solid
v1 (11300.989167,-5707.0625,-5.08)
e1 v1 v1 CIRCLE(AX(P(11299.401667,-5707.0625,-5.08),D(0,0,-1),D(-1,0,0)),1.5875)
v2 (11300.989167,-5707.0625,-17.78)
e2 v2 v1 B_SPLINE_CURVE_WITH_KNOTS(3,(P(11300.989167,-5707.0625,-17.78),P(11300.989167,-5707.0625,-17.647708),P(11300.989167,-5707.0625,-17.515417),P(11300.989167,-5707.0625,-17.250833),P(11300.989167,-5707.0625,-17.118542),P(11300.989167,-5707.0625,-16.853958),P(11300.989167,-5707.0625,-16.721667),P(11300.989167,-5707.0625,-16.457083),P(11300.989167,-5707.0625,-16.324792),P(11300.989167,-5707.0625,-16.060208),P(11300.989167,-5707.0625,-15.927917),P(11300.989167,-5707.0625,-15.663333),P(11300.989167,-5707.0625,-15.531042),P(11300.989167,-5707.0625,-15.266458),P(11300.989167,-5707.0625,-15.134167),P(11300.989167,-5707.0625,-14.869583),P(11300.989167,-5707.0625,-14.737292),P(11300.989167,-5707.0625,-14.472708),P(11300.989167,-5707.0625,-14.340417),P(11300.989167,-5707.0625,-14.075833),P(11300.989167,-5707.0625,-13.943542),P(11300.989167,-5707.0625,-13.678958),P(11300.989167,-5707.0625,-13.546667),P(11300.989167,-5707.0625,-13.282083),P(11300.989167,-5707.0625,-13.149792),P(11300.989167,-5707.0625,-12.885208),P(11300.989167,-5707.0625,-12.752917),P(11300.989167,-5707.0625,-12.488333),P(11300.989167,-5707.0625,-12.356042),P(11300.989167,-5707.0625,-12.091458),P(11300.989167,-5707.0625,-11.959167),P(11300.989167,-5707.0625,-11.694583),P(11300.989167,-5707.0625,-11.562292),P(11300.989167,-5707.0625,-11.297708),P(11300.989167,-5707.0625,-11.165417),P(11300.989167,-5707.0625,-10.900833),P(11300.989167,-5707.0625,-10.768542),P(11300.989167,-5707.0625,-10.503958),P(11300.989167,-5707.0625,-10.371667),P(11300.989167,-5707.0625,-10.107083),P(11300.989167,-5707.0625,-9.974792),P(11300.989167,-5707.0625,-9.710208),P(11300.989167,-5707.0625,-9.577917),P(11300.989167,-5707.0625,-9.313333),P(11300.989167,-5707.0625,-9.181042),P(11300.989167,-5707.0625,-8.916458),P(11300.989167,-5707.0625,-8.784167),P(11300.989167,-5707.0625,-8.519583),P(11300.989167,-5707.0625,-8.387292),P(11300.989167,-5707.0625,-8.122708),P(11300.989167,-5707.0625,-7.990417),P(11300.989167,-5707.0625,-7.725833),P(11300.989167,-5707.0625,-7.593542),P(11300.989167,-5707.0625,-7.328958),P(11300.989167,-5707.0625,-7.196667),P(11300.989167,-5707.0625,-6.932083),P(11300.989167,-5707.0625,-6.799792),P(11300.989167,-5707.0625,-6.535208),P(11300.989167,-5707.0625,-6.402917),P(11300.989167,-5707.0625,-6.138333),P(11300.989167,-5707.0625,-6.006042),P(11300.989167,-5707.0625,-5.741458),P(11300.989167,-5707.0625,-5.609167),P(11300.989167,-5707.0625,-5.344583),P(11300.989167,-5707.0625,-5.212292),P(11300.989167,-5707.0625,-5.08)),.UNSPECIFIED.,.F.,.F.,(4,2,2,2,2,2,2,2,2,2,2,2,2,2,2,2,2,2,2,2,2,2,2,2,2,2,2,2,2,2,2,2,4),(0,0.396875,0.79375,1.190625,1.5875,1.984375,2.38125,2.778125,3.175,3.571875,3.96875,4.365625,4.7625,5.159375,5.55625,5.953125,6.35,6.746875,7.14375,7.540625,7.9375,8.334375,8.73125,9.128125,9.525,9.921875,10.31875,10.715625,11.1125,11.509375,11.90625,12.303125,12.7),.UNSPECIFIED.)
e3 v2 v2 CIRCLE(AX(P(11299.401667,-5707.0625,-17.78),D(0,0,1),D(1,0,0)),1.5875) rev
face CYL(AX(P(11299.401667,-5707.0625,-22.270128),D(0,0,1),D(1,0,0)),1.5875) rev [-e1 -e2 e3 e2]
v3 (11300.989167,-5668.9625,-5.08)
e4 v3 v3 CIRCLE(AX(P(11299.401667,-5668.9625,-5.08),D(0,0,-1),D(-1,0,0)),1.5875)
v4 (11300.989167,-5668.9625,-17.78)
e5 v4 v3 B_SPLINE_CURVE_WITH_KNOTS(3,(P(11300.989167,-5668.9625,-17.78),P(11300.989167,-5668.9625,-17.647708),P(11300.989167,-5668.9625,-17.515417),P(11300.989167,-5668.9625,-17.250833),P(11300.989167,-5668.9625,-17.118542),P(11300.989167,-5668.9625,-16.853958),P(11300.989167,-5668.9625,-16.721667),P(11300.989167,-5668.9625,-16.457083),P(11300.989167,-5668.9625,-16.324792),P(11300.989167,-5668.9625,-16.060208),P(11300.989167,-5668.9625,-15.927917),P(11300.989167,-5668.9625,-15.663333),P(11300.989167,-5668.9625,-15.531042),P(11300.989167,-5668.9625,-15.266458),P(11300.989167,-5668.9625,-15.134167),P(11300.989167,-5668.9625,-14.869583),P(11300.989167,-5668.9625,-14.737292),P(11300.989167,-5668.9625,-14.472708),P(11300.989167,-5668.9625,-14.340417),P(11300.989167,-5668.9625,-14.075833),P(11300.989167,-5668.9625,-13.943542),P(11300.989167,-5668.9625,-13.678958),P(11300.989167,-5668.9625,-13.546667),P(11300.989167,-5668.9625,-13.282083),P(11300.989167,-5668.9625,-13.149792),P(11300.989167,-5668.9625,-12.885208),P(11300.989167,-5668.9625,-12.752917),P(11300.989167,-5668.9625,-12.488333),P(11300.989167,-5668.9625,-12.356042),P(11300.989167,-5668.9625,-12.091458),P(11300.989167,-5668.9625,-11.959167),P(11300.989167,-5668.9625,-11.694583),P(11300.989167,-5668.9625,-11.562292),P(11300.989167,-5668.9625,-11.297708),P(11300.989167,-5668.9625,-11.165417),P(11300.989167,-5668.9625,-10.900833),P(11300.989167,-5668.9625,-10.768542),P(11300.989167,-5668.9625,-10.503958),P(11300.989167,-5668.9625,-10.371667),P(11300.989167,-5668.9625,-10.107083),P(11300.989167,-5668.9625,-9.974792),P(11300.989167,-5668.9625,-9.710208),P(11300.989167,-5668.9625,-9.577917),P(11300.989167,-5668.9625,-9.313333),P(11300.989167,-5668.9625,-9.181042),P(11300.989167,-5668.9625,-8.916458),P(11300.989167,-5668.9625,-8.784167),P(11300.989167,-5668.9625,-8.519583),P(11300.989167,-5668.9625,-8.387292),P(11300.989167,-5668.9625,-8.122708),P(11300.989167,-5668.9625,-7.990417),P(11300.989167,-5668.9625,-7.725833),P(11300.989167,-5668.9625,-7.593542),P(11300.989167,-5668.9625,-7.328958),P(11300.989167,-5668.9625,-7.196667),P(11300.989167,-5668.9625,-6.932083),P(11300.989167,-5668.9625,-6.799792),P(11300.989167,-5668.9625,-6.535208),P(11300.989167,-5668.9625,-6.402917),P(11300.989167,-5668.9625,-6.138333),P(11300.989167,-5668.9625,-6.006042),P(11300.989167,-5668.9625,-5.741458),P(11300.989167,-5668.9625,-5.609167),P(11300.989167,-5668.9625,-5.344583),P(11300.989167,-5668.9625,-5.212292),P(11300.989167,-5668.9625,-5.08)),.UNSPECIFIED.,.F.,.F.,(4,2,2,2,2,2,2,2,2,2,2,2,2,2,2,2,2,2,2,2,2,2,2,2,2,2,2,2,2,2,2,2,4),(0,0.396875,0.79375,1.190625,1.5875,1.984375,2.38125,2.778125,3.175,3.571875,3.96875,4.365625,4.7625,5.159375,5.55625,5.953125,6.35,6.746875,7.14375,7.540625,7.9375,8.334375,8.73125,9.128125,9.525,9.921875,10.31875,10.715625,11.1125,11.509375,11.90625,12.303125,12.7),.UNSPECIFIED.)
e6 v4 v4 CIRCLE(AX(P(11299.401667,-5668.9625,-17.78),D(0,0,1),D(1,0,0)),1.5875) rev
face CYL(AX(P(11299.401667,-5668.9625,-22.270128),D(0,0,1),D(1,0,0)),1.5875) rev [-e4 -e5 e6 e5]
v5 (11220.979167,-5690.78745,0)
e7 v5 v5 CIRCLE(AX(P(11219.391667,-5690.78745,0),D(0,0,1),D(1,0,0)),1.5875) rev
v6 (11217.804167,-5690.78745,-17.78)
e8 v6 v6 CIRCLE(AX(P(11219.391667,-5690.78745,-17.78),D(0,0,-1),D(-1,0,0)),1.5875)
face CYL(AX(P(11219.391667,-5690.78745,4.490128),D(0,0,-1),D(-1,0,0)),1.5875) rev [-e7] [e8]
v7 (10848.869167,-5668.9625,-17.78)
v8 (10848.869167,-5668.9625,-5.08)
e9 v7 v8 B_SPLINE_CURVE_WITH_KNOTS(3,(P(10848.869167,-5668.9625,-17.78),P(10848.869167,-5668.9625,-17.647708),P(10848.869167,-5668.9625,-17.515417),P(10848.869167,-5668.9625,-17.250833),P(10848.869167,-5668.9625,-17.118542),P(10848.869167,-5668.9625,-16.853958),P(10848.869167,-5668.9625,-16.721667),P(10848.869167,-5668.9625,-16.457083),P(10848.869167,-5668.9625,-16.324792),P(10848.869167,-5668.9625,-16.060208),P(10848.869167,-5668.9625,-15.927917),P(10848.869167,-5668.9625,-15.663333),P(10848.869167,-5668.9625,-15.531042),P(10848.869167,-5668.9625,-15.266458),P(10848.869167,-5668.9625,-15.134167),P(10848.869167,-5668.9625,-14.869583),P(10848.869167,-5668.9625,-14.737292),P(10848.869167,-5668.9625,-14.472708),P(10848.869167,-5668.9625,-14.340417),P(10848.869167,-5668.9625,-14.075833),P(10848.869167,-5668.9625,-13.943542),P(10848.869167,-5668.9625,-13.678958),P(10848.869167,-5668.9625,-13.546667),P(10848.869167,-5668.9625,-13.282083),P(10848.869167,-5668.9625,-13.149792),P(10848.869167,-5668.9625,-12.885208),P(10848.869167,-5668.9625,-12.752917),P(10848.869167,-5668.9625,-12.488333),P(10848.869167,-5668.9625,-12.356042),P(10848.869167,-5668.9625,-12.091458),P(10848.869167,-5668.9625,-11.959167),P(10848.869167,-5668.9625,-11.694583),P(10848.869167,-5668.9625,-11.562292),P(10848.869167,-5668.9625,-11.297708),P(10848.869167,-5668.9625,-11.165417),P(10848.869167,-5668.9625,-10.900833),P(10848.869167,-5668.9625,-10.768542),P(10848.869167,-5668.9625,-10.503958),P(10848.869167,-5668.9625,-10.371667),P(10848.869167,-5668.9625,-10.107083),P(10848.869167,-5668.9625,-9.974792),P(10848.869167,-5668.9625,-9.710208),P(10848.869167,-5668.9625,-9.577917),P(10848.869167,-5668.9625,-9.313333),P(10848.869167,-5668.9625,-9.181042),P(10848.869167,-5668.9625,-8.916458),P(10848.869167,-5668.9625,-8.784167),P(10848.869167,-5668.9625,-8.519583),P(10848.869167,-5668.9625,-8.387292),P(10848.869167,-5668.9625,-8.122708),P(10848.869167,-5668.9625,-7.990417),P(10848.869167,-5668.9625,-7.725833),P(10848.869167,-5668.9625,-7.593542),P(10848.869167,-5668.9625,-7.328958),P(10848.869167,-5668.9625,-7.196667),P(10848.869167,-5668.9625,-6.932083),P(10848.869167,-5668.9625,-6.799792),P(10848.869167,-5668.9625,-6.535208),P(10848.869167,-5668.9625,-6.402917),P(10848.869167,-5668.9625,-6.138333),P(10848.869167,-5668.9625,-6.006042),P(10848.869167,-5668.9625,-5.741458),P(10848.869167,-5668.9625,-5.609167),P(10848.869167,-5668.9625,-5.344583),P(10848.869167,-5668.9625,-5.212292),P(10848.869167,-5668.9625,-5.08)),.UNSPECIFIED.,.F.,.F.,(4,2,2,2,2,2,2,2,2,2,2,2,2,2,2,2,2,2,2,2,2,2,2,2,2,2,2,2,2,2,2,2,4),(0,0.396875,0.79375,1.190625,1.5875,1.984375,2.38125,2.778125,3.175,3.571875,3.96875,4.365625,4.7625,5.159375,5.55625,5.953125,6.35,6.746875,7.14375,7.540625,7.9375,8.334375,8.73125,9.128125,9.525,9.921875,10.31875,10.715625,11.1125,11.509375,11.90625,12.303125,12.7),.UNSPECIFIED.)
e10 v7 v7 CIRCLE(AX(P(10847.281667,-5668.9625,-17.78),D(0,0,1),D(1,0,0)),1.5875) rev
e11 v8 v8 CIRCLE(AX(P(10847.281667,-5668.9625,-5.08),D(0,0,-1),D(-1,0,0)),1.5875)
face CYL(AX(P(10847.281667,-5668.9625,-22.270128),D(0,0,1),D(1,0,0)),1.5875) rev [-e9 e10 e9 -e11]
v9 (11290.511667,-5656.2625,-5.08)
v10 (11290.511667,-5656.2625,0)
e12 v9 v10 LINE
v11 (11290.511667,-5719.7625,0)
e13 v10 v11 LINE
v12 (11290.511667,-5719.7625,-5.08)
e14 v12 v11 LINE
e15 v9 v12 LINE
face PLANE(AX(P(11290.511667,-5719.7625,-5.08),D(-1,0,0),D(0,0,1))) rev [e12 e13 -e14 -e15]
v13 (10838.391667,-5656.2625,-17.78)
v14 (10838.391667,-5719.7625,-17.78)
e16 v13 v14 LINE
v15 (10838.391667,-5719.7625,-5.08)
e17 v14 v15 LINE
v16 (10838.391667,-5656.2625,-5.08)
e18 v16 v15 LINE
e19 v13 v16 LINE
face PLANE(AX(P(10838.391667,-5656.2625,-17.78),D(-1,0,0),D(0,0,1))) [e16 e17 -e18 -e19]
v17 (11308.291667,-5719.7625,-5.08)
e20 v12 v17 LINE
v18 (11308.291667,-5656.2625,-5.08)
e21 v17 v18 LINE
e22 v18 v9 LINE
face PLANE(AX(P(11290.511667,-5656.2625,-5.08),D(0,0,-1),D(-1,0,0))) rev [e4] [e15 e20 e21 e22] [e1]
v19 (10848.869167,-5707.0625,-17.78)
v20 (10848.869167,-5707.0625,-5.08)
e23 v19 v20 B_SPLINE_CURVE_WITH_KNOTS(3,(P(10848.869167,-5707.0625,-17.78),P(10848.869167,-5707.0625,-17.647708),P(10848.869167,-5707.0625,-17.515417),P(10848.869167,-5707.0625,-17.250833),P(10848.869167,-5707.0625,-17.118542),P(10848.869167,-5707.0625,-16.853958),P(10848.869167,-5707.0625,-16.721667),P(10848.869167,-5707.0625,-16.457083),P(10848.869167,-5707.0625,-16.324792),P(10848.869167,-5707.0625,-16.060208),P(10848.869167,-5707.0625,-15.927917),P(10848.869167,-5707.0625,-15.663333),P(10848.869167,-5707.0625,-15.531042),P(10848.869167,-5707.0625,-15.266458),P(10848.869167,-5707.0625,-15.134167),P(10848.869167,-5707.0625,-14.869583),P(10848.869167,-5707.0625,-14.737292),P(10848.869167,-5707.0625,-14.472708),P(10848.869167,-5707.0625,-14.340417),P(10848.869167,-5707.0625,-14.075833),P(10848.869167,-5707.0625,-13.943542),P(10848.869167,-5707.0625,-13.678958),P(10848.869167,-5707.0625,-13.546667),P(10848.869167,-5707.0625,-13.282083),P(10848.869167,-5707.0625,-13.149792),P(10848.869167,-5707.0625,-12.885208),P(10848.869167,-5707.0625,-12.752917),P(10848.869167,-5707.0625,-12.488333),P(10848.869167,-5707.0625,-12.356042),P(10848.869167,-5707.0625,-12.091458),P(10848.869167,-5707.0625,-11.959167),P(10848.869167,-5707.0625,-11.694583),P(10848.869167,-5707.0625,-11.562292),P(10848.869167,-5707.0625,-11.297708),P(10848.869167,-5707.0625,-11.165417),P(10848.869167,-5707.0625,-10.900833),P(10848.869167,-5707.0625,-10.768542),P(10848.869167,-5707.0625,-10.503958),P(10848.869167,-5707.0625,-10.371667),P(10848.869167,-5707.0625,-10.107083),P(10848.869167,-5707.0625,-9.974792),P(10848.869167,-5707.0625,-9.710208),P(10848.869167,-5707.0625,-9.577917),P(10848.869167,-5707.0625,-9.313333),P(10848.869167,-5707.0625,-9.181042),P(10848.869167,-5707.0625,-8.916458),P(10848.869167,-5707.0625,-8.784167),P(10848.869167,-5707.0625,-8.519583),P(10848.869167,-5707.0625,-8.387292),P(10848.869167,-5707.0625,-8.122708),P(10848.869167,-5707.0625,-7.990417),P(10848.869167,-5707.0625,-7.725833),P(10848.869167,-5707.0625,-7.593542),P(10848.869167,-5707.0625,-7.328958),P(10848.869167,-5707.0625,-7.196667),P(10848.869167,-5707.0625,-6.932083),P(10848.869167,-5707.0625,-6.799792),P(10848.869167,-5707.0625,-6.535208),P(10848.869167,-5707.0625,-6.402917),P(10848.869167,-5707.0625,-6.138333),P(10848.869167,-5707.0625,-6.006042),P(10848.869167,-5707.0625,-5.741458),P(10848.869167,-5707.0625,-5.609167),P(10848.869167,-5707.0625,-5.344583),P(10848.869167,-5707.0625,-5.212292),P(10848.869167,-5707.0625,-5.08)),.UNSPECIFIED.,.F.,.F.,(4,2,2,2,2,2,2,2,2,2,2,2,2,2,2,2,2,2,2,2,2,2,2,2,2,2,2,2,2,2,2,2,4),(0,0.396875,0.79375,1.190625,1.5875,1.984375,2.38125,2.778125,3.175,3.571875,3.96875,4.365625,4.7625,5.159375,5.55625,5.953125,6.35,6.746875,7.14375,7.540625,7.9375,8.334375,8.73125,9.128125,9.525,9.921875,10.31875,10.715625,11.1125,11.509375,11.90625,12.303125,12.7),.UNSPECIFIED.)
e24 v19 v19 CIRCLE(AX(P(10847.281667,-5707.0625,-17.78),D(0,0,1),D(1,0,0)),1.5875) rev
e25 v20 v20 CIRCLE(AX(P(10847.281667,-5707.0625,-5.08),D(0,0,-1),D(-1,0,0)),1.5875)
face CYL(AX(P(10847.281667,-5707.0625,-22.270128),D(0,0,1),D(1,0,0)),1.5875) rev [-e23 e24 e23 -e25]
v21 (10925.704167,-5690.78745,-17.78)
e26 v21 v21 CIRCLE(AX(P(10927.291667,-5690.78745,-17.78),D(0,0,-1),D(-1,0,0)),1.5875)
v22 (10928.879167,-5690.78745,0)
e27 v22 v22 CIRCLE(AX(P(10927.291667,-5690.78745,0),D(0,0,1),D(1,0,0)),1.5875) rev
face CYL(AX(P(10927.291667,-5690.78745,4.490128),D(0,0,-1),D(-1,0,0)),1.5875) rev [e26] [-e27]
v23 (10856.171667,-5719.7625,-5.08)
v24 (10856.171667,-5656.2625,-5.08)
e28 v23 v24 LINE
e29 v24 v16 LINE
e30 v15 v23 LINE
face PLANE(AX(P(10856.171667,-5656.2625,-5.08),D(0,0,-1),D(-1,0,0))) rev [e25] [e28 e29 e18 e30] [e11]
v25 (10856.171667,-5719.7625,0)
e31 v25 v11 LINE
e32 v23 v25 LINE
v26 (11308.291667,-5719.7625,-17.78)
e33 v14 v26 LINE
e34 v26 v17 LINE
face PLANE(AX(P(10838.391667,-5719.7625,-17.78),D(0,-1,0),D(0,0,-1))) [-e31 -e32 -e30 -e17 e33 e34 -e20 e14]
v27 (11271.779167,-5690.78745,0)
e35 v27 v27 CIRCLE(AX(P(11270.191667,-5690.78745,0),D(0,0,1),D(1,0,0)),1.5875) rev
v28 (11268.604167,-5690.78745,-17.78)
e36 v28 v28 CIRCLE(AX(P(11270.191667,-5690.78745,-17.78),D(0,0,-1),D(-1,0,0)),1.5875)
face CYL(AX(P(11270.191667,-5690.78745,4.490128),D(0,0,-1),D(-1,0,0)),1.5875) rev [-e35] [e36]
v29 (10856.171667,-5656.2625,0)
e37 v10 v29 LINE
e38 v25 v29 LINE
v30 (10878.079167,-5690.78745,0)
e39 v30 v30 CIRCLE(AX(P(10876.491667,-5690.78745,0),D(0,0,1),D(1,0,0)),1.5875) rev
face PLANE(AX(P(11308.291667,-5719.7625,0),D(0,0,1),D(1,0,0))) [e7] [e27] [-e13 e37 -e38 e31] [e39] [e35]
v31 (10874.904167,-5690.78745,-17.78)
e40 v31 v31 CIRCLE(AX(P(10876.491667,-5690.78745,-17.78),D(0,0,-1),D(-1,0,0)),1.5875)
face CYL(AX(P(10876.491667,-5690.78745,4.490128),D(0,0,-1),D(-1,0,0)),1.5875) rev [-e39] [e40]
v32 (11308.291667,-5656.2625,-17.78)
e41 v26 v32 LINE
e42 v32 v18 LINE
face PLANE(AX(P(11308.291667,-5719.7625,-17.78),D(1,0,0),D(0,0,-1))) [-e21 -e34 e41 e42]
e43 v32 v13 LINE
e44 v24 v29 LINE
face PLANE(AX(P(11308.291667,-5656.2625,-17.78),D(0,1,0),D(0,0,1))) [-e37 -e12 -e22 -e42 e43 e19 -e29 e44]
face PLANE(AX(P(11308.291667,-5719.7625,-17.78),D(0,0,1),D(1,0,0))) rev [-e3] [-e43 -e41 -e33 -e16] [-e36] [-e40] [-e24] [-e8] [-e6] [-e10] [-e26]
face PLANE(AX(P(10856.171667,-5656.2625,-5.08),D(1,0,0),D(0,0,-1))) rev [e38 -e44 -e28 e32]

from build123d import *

# Parameters (mm, degrees)
SKETCH2_W          = 469.9
SKETCH2_H          = 63.5
EXTRUDE1_DEPTH     = 17.78
SKETCH3_W          = 17.78
SKETCH3_H          = 63.5
CUT_EXTRUDE1_DEPTH = 5.08
SKETCH4_R          = 1.5875
CUT_EXTRUDE2_DEPTH = 17.78
SKETCH5_R          = 1.5875
CUT_EXTRUDE3_DEPTH = 17.78


with BuildPart() as part:
    # Sketch2 → Extrude1 (new body)
    with BuildSketch(Plane.XY):
        with Locations((11073.341666666, -5688.0125)):
            Rectangle(SKETCH2_W, SKETCH2_H)
    extrude(amount=-EXTRUDE1_DEPTH)

    # Sketch3 → Cut-Extrude1 (cut)
    with BuildSketch(Plane.XY):
        with Locations((11299.401666666, -5688.0125)):
            Rectangle(SKETCH3_W, SKETCH3_H)
        with Locations((10847.281666666, -5688.0125)):
            Rectangle(SKETCH3_W, SKETCH3_H)
    extrude(amount=-CUT_EXTRUDE1_DEPTH, mode=Mode.SUBTRACT)

    # Sketch4 → Cut-Extrude2 (cut)
    with BuildSketch(Plane.XY):
        with Locations((10847.281666666, -5668.9625)):
            Circle(SKETCH4_R)
        with Locations((10847.281666666, -5707.0625)):
            Circle(SKETCH4_R)
        with Locations((11299.401666666, -5707.0625)):
            Circle(SKETCH4_R)
        with Locations((11299.401666666, -5668.9625)):
            Circle(SKETCH4_R)
    extrude(amount=-CUT_EXTRUDE2_DEPTH, mode=Mode.SUBTRACT)

    # Sketch5 → Cut-Extrude3 (cut)
    with BuildSketch(Plane(origin=(0, 0, -17.78), x_dir=(-1, 0, 0), z_dir=(0, 0, -1))):
        with Locations((-10876.491666666, -5690.78745)):
            Circle(SKETCH5_R)
        with Locations((-10927.291666666, -5690.78745)):
            Circle(SKETCH5_R)
        with Locations((-11219.391666666, -5690.78745)):
            Circle(SKETCH5_R)
        with Locations((-11270.191666666, -5690.78745)):
            Circle(SKETCH5_R)
    extrude(amount=-CUT_EXTRUDE3_DEPTH, mode=Mode.SUBTRACT)


solid = part.part
